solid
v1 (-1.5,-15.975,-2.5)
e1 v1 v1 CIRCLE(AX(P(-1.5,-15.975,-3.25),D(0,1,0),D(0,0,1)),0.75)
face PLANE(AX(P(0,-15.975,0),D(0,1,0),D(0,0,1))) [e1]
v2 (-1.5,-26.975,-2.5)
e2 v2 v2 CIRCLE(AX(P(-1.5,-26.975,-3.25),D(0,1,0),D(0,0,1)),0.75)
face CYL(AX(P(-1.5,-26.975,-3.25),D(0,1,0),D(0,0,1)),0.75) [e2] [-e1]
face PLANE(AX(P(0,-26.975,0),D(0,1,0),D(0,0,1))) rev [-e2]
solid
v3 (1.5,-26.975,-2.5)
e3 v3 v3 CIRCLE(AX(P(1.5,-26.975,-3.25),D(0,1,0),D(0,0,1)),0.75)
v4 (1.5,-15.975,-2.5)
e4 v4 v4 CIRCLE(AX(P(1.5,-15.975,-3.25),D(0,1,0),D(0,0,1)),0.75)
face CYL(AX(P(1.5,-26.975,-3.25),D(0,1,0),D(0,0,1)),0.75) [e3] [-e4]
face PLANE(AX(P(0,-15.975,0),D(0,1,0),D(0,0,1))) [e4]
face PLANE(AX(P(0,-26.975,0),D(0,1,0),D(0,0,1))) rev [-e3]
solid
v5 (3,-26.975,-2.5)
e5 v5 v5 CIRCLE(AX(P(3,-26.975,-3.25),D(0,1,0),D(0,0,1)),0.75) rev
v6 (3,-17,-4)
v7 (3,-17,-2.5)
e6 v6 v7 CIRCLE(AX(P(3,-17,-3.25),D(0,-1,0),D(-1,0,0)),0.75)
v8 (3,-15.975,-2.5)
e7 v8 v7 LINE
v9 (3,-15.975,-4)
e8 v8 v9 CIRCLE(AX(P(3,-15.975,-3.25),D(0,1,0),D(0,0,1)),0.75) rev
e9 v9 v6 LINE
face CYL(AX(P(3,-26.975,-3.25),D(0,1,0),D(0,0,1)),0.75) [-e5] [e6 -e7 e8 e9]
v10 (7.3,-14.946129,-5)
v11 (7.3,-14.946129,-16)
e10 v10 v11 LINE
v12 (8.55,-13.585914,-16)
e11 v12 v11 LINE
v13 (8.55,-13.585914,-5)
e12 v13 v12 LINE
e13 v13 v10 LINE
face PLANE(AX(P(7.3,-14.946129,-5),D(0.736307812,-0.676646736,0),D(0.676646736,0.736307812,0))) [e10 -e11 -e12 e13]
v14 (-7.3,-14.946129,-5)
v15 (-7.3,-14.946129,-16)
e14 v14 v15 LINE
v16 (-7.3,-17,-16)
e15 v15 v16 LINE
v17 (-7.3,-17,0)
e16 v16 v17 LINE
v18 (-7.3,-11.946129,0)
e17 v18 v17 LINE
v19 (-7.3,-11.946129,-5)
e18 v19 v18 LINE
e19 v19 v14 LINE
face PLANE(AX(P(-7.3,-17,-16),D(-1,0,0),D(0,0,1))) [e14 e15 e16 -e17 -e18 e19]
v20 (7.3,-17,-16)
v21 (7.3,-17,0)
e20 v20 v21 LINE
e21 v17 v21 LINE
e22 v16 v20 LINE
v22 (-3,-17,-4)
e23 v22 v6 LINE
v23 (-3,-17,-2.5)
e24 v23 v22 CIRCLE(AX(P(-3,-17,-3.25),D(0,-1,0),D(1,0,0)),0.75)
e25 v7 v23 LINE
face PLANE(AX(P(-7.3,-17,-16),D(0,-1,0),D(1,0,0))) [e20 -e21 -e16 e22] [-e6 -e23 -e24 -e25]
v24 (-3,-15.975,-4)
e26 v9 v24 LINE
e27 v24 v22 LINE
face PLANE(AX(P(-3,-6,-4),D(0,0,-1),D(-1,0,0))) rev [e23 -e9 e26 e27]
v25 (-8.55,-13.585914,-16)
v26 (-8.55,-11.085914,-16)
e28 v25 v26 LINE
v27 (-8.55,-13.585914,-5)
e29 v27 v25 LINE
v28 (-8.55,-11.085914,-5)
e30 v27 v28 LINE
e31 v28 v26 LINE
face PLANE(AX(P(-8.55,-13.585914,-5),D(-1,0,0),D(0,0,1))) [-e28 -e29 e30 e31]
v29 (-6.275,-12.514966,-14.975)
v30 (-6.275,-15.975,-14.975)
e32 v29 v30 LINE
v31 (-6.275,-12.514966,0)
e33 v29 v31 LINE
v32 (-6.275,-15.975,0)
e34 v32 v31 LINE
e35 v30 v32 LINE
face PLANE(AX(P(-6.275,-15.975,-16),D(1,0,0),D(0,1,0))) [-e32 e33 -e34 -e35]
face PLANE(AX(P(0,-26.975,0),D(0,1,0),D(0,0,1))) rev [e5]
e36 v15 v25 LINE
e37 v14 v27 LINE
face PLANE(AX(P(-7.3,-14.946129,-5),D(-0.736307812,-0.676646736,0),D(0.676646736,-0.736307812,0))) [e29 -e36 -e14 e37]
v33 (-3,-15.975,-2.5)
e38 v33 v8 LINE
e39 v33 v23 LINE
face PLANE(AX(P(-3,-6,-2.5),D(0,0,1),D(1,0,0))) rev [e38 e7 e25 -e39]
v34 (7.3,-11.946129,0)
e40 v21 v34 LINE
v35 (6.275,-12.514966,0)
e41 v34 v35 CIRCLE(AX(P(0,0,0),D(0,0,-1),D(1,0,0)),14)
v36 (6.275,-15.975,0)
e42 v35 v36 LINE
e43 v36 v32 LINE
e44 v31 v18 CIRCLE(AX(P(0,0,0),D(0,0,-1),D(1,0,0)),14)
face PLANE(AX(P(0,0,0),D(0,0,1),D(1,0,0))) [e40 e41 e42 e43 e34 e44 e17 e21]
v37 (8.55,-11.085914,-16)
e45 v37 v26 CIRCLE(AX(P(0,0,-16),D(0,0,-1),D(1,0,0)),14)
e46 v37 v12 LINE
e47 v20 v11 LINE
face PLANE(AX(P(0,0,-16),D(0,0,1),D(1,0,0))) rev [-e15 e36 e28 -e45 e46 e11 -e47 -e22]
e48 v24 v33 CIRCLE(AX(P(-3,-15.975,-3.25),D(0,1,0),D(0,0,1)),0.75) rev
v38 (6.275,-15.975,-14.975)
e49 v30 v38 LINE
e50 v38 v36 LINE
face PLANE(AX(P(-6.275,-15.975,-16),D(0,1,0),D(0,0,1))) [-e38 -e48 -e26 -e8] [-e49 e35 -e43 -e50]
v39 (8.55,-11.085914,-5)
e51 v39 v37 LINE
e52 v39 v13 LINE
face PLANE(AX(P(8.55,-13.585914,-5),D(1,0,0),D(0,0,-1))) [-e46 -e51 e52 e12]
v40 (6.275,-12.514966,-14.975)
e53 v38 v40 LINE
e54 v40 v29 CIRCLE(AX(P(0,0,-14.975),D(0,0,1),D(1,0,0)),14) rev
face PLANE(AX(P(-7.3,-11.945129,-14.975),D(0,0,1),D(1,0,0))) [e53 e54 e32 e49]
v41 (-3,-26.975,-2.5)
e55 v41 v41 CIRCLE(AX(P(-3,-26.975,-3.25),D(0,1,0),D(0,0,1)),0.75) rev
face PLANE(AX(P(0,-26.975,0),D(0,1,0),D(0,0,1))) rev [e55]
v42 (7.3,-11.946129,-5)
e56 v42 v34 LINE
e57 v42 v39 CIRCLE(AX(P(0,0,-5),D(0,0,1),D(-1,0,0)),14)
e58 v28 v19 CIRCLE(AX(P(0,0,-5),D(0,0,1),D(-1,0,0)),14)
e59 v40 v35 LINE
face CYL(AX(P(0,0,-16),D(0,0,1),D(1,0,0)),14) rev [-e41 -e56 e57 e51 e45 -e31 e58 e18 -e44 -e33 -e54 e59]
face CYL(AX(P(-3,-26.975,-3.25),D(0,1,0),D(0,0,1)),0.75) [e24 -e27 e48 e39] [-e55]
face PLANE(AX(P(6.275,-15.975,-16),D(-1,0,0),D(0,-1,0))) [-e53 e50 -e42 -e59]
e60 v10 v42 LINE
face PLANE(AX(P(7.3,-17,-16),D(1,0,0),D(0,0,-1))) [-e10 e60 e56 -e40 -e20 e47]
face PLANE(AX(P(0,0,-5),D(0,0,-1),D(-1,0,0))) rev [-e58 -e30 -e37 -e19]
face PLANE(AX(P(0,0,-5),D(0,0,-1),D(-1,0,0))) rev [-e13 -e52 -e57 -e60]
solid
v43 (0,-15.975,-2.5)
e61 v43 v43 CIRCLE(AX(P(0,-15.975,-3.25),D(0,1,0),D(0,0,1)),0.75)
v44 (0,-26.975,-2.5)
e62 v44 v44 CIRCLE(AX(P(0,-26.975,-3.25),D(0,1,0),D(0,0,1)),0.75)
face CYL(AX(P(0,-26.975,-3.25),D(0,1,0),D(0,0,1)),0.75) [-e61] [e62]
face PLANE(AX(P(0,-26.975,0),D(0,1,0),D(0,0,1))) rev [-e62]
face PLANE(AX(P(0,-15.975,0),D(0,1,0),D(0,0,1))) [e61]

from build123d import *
from build123d.topology import SkipClean

# Parameters (mm, degrees)
BOSS_EXTRU_1_DEPTH      = 16
BOSS_EXTRU_2_REACH      = 20.298
BOSS_EXTRU_2_END_RADIUS = 14
ESQUISSE2_W             = 14.6
ESQUISSE2_H             = 1.025
BOSS_EXTRU_3_START      = -11
BOSS_EXTRU_3_DEPTH      = 11
ENL_V_MAT_EXTRU_1_DEPTH = 11
BOSS_EXTRU_4_START      = -11
ESQUISSE5_R             = 0.75
BOSS_EXTRU_4_DEPTH      = 11


with BuildPart() as part:
    # Esquisse1 → Boss.-Extru.1 (new body)
    with BuildSketch(Plane.XY):
        with BuildLine():
            Line((-7.3, -17), (7.3, -17))
            Line((7.3, -17), (7.3, -11.94612908))
            ThreePointArc((7.3, -11.94612908), (6.793456419, -12.241280565), (6.275, -12.514966041))
            Line((6.275, -12.514966041), (6.275, -15.975))
            Line((6.275, -15.975), (-6.275, -15.975))
            Line((-6.275, -15.975), (-6.275, -12.514966041))
            ThreePointArc((-6.275, -12.514966041), (-6.793456419, -12.241280565), (-7.3, -11.94612908))
            Line((-7.3, -11.94612908), (-7.3, -17))
        make_face()
    extrude(amount=-BOSS_EXTRU_1_DEPTH)

    # Boss.-Extru.2: up to this cylinder (the profile starts outside it)
    with SkipClean():  # the faces are left unmerged after this step: merging them gives an invalid solid
        boss_extru_2_end = Plane(origin=(0, 0, -15.4875), z_dir=(0, 0, 1)) * Cylinder(BOSS_EXTRU_2_END_RADIUS, 69.596, mode=Mode.PRIVATE)
        # Esquisse2 → Boss.-Extru.2 (add, up to the surface)
        with BuildSketch(Plane.XZ.offset(17), mode=Mode.PRIVATE) as boss_extru_2_sk1:
            with Locations((0, -15.4875)):
                Rectangle(ESQUISSE2_W, ESQUISSE2_H)
        boss_extru_2_tool1 = extrude(boss_extru_2_sk1.sketch, amount=-BOSS_EXTRU_2_REACH, mode=Mode.PRIVATE) - boss_extru_2_end
        add(boss_extru_2_tool1.solids().sort_by_distance((0, -17, -15.4875))[0])

    # Esquisse3 → Boss.-Extru.3 (add)
    with SkipClean():  # the faces are left unmerged after this step: merging them gives an invalid solid
        with BuildSketch(Plane(origin=(0, 0, -16), x_dir=(-1, 0, 0), z_dir=(0, 0, -1)).offset(BOSS_EXTRU_3_START)):
            with BuildLine():
                Line((-7.3, -11.94612908), (-7.3, -14.94612908))
                Line((-7.3, -14.94612908), (-8.55, -13.585914486))
                Line((-8.55, -13.585914486), (-8.55, -11.085914486))
                ThreePointArc((-8.55, -11.085914486), (-7.936662856, -11.53296938), (-7.3, -11.94612908))
            make_face()
            with BuildLine():
                Line((8.55, -13.585914486), (8.55, -11.085914486))
                ThreePointArc((8.55, -11.085914486), (7.936662856, -11.53296938), (7.3, -11.94612908))
                Line((7.3, -11.94612908), (7.3, -14.94612908))
                Line((7.3, -14.94612908), (8.55, -13.585914486))
            make_face()
        extrude(amount=BOSS_EXTRU_3_DEPTH)

    # Esquisse4 → Enlèv. mat.-Extru.1 (cut)
    with SkipClean():  # the faces are left unmerged after this step: merging them gives an invalid solid
        with BuildSketch(Plane.XZ.offset(17)):
            with BuildLine():
                Line((-3, -2.5), (3, -2.5))
                ThreePointArc((3, -2.5), (3.75, -3.25), (3, -4))
                Line((3, -4), (-3, -4))
                ThreePointArc((-3, -4), (-3.75, -3.25), (-3, -2.5))
            make_face()
        extrude(amount=-ENL_V_MAT_EXTRU_1_DEPTH, mode=Mode.SUBTRACT)

    # Esquisse5 → Boss.-Extru.4 (add)
    with SkipClean():  # the faces are left unmerged after this step: merging them gives an invalid solid
        with BuildSketch(Plane(origin=(0, -15.975, 0), x_dir=(1, 0, 0), z_dir=(0, 1, 0)).offset(BOSS_EXTRU_4_START)):
            with BuildLine():
                ThreePointArc((2.25, 3.25), (1.5, 4), (0.75, 3.25))
                ThreePointArc((0.75, 3.25), (1.5, 2.5), (2.25, 3.25))
            make_face()
            with Locations(Location((3, 3.25, 0), (0, 0, 270))):
                Circle(ESQUISSE5_R)
            with Locations(Location((-3, 3.25, 0), (0, 0, 270))):
                Circle(ESQUISSE5_R)
            with BuildLine():
                ThreePointArc((-2.25, 3.25), (-1.5, 2.5), (-0.75, 3.25))
                ThreePointArc((-0.75, 3.25), (-1.5, 4), (-2.25, 3.25))
            make_face()
            with BuildLine():
                ThreePointArc((-0.75, 3.25), (0, 2.5), (0.75, 3.25))
                ThreePointArc((0.75, 3.25), (0, 4), (-0.75, 3.25))
            make_face()
        extrude(amount=BOSS_EXTRU_4_DEPTH)


solid = part.part
